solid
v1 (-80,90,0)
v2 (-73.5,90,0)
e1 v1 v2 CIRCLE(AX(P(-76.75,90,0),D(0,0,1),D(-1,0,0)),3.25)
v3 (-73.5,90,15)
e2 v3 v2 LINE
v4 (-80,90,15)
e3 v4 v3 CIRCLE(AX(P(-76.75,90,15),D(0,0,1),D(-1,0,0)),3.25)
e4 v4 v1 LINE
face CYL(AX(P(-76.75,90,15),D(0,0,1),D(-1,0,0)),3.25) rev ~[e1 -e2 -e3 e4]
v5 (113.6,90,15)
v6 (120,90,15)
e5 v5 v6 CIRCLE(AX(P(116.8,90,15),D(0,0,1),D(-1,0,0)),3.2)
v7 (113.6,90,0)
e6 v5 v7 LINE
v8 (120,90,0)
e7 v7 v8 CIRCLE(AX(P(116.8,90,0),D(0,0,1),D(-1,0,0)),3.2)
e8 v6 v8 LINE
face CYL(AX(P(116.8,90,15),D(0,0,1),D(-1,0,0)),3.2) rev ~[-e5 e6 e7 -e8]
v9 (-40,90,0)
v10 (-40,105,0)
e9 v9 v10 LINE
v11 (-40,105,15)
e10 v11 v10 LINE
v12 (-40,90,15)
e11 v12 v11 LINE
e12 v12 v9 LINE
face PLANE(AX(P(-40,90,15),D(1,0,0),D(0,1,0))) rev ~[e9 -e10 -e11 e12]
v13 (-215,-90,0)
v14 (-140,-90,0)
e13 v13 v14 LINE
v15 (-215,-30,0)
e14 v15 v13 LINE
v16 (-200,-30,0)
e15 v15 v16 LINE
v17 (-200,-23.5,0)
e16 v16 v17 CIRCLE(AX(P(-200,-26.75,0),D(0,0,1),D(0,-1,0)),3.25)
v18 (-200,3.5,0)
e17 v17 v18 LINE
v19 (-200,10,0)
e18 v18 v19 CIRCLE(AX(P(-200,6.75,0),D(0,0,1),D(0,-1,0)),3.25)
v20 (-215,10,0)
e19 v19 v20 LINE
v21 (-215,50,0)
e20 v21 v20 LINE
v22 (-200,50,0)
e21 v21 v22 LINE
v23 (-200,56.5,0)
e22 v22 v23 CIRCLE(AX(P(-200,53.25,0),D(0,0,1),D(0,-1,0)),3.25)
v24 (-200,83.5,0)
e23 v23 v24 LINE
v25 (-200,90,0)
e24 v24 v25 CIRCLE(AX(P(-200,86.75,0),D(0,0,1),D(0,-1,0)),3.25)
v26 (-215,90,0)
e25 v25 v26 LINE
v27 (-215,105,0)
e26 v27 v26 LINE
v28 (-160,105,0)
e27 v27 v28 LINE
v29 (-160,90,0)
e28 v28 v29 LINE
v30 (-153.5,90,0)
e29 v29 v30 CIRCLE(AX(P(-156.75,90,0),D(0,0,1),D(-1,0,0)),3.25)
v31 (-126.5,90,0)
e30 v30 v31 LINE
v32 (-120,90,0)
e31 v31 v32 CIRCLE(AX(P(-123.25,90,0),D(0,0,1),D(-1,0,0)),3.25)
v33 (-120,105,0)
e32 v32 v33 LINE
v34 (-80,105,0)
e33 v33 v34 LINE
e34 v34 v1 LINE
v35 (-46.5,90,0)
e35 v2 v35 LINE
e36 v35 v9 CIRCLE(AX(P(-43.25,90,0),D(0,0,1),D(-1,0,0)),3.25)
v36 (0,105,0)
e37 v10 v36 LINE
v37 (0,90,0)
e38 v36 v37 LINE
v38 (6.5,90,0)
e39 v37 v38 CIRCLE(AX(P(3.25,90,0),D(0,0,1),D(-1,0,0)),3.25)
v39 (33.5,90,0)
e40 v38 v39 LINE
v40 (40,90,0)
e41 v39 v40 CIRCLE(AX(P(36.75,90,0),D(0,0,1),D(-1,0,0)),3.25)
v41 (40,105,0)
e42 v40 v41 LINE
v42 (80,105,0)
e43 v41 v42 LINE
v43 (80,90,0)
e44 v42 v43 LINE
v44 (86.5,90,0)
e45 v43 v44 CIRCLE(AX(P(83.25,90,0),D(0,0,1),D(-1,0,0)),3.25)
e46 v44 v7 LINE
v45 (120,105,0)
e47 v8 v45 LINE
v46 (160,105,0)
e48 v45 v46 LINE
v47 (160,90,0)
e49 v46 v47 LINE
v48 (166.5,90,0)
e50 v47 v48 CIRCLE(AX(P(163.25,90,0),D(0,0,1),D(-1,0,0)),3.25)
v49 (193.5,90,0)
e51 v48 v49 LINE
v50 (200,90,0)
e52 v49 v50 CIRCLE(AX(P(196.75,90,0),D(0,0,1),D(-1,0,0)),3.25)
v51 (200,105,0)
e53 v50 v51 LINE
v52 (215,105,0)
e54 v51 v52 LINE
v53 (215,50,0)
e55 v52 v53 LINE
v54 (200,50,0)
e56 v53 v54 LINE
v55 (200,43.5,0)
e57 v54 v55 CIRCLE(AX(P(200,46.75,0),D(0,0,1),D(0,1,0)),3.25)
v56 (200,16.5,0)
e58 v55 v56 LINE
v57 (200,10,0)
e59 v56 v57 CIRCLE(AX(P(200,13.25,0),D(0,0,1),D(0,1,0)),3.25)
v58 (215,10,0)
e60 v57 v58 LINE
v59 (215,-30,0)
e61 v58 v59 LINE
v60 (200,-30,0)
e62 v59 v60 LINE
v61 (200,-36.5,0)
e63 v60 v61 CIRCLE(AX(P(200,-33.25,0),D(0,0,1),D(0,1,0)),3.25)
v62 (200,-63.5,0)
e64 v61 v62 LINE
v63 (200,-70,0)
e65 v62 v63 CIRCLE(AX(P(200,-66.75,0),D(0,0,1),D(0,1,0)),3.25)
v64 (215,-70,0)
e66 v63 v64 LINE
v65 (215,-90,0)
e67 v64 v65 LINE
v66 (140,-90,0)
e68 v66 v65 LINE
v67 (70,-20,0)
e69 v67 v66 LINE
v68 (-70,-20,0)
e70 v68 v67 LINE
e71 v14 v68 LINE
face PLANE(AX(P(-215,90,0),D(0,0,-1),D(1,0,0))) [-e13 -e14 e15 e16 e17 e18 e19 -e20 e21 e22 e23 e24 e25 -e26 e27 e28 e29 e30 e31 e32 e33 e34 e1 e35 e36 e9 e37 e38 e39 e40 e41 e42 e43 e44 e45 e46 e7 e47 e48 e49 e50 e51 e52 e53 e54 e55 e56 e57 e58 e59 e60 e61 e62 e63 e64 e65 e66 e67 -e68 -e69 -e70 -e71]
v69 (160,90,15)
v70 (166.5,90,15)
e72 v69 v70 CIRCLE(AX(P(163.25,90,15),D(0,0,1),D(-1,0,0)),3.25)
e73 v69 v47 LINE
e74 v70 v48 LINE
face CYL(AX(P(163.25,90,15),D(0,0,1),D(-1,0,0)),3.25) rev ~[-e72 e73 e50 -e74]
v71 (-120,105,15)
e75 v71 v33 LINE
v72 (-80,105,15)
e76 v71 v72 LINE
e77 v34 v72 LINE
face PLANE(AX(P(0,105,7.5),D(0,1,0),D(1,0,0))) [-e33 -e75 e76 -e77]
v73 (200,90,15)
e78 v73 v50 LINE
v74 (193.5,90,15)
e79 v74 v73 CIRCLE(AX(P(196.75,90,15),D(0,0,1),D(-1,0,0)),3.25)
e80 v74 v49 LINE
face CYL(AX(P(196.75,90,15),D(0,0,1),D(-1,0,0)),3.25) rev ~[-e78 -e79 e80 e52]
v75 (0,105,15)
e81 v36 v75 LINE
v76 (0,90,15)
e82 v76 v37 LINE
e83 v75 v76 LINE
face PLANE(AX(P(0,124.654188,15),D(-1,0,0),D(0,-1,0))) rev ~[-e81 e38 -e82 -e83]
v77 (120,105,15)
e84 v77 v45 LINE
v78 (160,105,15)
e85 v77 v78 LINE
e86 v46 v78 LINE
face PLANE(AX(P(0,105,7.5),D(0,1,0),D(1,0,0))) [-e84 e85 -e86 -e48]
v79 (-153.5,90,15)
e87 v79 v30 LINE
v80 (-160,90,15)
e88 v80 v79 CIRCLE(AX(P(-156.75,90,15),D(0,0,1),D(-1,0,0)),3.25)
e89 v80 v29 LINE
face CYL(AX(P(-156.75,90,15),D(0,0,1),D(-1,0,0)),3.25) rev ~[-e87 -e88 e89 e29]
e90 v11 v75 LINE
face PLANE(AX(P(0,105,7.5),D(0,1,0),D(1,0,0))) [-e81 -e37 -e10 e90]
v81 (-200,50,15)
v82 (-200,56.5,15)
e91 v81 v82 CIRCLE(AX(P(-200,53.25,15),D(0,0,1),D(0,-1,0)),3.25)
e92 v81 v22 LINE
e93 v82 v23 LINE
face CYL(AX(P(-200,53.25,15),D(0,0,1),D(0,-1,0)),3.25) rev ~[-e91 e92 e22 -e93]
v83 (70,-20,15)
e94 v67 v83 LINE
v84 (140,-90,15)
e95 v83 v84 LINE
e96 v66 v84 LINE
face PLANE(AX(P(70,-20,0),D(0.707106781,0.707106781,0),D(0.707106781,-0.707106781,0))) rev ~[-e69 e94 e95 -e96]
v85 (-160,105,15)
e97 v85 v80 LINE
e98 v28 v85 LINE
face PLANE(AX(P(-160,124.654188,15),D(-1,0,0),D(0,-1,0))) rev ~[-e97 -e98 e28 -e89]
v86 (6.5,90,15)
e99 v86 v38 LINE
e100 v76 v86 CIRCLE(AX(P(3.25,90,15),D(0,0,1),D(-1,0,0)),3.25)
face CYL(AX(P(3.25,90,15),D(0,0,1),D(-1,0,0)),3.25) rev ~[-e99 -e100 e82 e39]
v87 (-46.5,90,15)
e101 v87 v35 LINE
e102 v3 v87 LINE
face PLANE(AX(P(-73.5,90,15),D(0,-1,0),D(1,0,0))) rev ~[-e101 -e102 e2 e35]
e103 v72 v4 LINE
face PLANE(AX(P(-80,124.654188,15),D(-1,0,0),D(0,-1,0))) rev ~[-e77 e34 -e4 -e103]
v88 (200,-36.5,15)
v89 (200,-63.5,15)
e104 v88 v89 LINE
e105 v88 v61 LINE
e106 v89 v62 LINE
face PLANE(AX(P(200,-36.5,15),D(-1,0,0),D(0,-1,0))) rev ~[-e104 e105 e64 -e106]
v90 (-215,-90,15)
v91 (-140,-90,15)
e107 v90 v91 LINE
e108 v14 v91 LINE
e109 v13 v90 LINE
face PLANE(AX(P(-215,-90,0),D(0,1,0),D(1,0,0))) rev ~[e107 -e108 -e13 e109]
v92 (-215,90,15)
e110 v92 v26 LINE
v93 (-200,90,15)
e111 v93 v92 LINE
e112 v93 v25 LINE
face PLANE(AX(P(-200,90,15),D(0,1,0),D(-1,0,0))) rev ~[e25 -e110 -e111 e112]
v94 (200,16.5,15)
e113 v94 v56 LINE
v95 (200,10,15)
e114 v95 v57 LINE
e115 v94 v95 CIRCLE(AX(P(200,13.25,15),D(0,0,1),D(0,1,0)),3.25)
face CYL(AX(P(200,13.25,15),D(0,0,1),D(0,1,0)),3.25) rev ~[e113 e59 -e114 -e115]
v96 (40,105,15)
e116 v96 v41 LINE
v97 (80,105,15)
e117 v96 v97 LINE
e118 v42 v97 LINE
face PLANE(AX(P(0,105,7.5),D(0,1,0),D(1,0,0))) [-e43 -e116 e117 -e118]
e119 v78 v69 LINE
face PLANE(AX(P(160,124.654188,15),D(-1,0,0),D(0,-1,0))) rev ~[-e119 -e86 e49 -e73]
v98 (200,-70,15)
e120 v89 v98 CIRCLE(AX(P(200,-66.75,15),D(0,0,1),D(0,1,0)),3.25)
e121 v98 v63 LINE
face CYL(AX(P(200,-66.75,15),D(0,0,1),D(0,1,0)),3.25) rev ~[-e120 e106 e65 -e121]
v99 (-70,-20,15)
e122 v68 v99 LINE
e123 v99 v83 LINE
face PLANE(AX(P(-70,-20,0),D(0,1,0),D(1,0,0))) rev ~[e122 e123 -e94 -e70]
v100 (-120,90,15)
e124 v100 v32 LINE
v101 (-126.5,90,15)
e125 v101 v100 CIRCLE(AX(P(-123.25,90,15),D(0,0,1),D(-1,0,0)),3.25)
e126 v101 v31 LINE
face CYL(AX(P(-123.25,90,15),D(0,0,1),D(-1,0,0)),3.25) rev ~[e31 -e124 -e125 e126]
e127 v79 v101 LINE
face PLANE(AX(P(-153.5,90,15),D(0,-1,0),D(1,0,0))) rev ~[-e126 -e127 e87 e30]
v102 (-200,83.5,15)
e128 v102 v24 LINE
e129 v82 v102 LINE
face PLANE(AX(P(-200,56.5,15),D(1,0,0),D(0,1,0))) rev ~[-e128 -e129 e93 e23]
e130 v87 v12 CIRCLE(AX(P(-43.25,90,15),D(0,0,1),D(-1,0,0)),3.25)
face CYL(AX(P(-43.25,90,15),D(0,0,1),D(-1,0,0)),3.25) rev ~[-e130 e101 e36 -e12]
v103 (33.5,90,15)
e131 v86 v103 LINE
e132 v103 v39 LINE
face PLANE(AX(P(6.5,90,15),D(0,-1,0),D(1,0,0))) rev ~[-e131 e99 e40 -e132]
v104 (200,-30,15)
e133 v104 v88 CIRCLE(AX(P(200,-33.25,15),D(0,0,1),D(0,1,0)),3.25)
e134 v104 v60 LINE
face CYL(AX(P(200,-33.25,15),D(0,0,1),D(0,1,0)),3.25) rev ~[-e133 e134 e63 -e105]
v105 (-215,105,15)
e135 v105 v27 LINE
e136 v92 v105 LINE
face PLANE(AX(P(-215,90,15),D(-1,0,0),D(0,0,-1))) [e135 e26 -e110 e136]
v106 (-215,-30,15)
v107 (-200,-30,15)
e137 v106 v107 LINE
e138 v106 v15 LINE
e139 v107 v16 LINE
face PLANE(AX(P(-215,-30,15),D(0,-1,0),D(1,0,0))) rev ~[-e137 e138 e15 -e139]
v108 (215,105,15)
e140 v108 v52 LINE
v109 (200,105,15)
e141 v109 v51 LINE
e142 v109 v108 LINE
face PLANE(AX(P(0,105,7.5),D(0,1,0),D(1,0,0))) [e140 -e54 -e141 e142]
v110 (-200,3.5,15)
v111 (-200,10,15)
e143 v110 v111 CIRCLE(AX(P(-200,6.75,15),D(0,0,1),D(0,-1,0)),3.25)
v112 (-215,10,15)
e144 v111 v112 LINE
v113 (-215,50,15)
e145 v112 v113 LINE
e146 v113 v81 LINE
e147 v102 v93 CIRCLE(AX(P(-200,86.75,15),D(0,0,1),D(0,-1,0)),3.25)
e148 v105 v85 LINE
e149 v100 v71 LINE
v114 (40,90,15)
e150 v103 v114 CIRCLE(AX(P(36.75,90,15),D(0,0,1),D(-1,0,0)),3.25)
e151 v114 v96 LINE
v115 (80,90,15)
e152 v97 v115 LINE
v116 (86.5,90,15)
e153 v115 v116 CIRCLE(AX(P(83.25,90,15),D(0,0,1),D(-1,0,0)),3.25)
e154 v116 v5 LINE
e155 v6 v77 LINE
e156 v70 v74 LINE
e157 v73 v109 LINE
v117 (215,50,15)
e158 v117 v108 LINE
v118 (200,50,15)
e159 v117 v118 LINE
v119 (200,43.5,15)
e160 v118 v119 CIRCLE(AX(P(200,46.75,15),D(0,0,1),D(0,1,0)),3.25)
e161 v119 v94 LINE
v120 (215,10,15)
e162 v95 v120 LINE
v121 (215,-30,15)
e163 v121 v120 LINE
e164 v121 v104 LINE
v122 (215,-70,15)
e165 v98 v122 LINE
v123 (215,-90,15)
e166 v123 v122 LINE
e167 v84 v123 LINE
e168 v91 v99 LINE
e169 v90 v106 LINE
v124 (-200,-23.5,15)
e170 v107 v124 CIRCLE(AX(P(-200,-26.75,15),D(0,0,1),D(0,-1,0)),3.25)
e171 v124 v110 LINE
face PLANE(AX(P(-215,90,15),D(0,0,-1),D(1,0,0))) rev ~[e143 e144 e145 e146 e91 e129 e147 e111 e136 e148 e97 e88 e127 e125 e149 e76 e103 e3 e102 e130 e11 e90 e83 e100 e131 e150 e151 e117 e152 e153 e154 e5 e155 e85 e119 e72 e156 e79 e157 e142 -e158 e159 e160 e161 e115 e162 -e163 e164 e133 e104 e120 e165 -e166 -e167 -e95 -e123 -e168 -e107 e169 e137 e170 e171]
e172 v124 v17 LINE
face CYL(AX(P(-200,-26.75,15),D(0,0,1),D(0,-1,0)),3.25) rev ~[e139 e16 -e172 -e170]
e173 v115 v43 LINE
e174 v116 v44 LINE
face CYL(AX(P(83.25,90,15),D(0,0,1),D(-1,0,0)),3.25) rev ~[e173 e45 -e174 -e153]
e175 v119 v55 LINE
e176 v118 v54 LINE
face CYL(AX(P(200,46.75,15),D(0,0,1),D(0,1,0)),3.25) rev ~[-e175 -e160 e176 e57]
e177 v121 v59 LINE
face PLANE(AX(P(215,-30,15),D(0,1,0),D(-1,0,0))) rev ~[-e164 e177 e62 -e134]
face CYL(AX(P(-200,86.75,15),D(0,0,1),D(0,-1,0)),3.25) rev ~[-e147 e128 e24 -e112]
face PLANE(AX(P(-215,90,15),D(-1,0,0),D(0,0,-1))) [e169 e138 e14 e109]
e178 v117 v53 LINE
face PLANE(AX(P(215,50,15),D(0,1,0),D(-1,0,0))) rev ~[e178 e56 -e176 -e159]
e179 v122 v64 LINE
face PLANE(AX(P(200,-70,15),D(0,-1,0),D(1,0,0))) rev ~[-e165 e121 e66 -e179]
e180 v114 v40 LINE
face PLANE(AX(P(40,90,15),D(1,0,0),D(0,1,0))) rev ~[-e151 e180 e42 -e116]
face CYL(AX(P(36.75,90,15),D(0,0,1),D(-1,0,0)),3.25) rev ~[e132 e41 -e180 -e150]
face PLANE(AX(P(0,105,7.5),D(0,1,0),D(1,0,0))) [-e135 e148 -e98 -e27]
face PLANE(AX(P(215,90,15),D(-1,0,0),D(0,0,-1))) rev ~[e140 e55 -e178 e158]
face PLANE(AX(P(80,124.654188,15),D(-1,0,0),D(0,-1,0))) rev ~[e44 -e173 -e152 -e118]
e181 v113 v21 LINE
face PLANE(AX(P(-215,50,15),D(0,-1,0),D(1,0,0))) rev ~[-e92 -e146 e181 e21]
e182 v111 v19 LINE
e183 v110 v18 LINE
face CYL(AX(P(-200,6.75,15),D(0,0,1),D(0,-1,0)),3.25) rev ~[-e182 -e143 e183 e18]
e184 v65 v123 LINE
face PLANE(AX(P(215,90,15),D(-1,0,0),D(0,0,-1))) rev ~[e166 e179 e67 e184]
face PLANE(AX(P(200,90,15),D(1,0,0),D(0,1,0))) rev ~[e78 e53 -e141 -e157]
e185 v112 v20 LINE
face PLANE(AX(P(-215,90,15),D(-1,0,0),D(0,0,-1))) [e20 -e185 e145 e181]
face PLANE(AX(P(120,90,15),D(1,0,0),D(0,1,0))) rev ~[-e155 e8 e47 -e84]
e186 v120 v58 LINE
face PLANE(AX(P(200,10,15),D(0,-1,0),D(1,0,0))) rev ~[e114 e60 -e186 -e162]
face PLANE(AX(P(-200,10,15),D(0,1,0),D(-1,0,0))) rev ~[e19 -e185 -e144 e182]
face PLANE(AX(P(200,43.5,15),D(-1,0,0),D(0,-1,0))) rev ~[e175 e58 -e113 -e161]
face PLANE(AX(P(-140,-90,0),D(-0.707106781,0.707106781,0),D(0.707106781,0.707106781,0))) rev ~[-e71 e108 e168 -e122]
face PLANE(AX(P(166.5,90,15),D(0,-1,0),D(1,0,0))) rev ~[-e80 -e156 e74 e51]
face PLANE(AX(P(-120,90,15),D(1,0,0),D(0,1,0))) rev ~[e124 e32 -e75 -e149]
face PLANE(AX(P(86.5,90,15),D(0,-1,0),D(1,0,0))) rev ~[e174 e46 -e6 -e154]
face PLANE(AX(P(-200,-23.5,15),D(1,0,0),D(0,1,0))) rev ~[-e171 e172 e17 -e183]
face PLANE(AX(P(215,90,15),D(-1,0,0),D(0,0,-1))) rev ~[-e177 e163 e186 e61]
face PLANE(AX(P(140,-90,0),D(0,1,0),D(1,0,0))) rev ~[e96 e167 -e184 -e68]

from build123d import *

# Parameters (mm, degrees)
SALIENTE_EXTRUIR1_DEPTH = 15
CROQUIS2_W              = 430
CROQUIS2_H              = 15
SALIENTE_EXTRUIR2_DEPTH = 15
CROQUIS3_W              = 40
CROQUIS3_H              = 19.65418827
CORTAR_EXTRUIR2_DEPTH   = 15
CORTAR_EXTRUIR3_DEPTH   = 15
CORTAR_EXTRUIR4_DEPTH   = 15


with BuildPart() as part:
    # Croquis1 → Saliente-Extruir1 (new body)
    with BuildSketch(Plane.XY):
        Polygon((95, -45), (140, -90), (215, -90), (215, -20), (215, 90), (-215, 90), (-215, -20), (-215, -90), (-140, -90), (-95, -45), (-70, -20), (70, -20), align=None)
    extrude(amount=SALIENTE_EXTRUIR1_DEPTH)

    # Croquis2 → Saliente-Extruir2 (add)
    with BuildSketch(Plane(origin=(0, 90, 0), x_dir=(1, 0, 0), z_dir=(0, 1, 0))):
        with Locations((0, -7.5)):
            Rectangle(CROQUIS2_W, CROQUIS2_H)
    extrude(amount=SALIENTE_EXTRUIR2_DEPTH)

    # Croquis3 → Cortar-Extruir2 (cut)
    with BuildSketch(Plane.XY.offset(15)):
        with Locations((-140, 114.827094135)):
            Rectangle(CROQUIS3_W, CROQUIS3_H)
        with BuildLine():
            Line((-120, 90), (-120, 105))
            Line((-120, 105), (-160, 105))
            Line((-160, 105), (-160, 90))
            ThreePointArc((-160, 90), (-156.75, 86.75), (-153.5, 90))
            Line((-153.5, 90), (-126.5, 90))
            ThreePointArc((-126.5, 90), (-123.25, 86.75), (-120, 90))
        make_face()
        with BuildLine():
            Line((-40, 90), (-40, 105))
            Line((-40, 105), (-80, 105))
            Line((-80, 105), (-80, 90))
            ThreePointArc((-80, 90), (-76.75, 86.75), (-73.5, 90))
            Line((-73.5, 90), (-46.5, 90))
            ThreePointArc((-46.5, 90), (-43.25, 86.75), (-40, 90))
        make_face()
        with Locations((-60, 114.827094135)):
            Rectangle(CROQUIS3_W, CROQUIS3_H)
        with BuildLine():
            Line((40, 105), (0, 105))
            Line((0, 105), (0, 90))
            ThreePointArc((0, 90), (3.25, 86.75), (6.5, 90))
            Line((6.5, 90), (33.5, 90))
            ThreePointArc((33.5, 90), (36.75, 86.75), (40, 90))
            Line((40, 90), (40, 105))
        make_face()
        with Locations((20, 114.827094135)):
            Rectangle(CROQUIS3_W, CROQUIS3_H)
        with BuildLine():
            Line((200, 105), (160, 105))
            Line((160, 105), (160, 90))
            ThreePointArc((160, 90), (163.25, 86.75), (166.5, 90))
            Line((166.5, 90), (193.5, 90))
            ThreePointArc((193.5, 90), (196.75, 86.75), (200, 90))
            Line((200, 90), (200, 105))
        make_face()
        with Locations((180, 114.827094135)):
            Rectangle(CROQUIS3_W, CROQUIS3_H)
        with Locations((100, 114.827094135)):
            Rectangle(CROQUIS3_W, CROQUIS3_H)
        with BuildLine():
            Line((120, 105), (80, 105))
            Line((80, 105), (80, 90))
            ThreePointArc((80, 90), (83.25, 86.75), (86.5, 90))
            Line((86.5, 90), (113.6, 90))
            ThreePointArc((113.6, 90), (116.8, 86.8), (120, 90))
            Line((120, 90), (120, 105))
        make_face()
    extrude(amount=-CORTAR_EXTRUIR2_DEPTH, mode=Mode.SUBTRACT)

    # Croquis4 → Cortar-Extruir3 (cut)
    with BuildSketch(Plane.XY.offset(15)):
        with BuildLine():
            Line((-200, 10), (-215, 10))
            Line((-215, 10), (-215, -30))
            Line((-215, -30), (-200, -30))
            ThreePointArc((-200, -30), (-196.75, -26.75), (-200, -23.5))
            Line((-200, -23.5), (-200, 3.5))
            ThreePointArc((-200, 3.5), (-196.75, 6.75), (-200, 10))
        make_face()
        with BuildLine():
            Line((-215, 90), (-215, 50))
            Line((-215, 50), (-200, 50))
            ThreePointArc((-200, 50), (-196.75, 53.25), (-200, 56.5))
            Line((-200, 56.5), (-200, 83.5))
            ThreePointArc((-200, 83.5), (-196.75, 86.75), (-200, 90))
            Line((-200, 90), (-215, 90))
        make_face()
    extrude(amount=-CORTAR_EXTRUIR3_DEPTH, mode=Mode.SUBTRACT)

    # Croquis5 → Cortar-Extruir4 (cut)
    with BuildSketch(Plane.XY.offset(15)):
        with BuildLine():
            Line((215, 10), (215, 50))
            Line((215, 50), (200, 50))
            ThreePointArc((200, 50), (196.75, 46.75), (200, 43.5))
            Line((200, 43.5), (200, 16.5))
            ThreePointArc((200, 16.5), (196.75, 13.25), (200, 10))
            Line((200, 10), (215, 10))
        make_face()
        with BuildLine():
            Line((215, -70), (215, -30))
            Line((215, -30), (200, -30))
            ThreePointArc((200, -30), (196.75, -33.25), (200, -36.5))
            Line((200, -36.5), (200, -63.5))
            ThreePointArc((200, -63.5), (196.75, -66.75), (200, -70))
            Line((200, -70), (215, -70))
        make_face()
    extrude(amount=-CORTAR_EXTRUIR4_DEPTH, mode=Mode.SUBTRACT)


solid = part.part
